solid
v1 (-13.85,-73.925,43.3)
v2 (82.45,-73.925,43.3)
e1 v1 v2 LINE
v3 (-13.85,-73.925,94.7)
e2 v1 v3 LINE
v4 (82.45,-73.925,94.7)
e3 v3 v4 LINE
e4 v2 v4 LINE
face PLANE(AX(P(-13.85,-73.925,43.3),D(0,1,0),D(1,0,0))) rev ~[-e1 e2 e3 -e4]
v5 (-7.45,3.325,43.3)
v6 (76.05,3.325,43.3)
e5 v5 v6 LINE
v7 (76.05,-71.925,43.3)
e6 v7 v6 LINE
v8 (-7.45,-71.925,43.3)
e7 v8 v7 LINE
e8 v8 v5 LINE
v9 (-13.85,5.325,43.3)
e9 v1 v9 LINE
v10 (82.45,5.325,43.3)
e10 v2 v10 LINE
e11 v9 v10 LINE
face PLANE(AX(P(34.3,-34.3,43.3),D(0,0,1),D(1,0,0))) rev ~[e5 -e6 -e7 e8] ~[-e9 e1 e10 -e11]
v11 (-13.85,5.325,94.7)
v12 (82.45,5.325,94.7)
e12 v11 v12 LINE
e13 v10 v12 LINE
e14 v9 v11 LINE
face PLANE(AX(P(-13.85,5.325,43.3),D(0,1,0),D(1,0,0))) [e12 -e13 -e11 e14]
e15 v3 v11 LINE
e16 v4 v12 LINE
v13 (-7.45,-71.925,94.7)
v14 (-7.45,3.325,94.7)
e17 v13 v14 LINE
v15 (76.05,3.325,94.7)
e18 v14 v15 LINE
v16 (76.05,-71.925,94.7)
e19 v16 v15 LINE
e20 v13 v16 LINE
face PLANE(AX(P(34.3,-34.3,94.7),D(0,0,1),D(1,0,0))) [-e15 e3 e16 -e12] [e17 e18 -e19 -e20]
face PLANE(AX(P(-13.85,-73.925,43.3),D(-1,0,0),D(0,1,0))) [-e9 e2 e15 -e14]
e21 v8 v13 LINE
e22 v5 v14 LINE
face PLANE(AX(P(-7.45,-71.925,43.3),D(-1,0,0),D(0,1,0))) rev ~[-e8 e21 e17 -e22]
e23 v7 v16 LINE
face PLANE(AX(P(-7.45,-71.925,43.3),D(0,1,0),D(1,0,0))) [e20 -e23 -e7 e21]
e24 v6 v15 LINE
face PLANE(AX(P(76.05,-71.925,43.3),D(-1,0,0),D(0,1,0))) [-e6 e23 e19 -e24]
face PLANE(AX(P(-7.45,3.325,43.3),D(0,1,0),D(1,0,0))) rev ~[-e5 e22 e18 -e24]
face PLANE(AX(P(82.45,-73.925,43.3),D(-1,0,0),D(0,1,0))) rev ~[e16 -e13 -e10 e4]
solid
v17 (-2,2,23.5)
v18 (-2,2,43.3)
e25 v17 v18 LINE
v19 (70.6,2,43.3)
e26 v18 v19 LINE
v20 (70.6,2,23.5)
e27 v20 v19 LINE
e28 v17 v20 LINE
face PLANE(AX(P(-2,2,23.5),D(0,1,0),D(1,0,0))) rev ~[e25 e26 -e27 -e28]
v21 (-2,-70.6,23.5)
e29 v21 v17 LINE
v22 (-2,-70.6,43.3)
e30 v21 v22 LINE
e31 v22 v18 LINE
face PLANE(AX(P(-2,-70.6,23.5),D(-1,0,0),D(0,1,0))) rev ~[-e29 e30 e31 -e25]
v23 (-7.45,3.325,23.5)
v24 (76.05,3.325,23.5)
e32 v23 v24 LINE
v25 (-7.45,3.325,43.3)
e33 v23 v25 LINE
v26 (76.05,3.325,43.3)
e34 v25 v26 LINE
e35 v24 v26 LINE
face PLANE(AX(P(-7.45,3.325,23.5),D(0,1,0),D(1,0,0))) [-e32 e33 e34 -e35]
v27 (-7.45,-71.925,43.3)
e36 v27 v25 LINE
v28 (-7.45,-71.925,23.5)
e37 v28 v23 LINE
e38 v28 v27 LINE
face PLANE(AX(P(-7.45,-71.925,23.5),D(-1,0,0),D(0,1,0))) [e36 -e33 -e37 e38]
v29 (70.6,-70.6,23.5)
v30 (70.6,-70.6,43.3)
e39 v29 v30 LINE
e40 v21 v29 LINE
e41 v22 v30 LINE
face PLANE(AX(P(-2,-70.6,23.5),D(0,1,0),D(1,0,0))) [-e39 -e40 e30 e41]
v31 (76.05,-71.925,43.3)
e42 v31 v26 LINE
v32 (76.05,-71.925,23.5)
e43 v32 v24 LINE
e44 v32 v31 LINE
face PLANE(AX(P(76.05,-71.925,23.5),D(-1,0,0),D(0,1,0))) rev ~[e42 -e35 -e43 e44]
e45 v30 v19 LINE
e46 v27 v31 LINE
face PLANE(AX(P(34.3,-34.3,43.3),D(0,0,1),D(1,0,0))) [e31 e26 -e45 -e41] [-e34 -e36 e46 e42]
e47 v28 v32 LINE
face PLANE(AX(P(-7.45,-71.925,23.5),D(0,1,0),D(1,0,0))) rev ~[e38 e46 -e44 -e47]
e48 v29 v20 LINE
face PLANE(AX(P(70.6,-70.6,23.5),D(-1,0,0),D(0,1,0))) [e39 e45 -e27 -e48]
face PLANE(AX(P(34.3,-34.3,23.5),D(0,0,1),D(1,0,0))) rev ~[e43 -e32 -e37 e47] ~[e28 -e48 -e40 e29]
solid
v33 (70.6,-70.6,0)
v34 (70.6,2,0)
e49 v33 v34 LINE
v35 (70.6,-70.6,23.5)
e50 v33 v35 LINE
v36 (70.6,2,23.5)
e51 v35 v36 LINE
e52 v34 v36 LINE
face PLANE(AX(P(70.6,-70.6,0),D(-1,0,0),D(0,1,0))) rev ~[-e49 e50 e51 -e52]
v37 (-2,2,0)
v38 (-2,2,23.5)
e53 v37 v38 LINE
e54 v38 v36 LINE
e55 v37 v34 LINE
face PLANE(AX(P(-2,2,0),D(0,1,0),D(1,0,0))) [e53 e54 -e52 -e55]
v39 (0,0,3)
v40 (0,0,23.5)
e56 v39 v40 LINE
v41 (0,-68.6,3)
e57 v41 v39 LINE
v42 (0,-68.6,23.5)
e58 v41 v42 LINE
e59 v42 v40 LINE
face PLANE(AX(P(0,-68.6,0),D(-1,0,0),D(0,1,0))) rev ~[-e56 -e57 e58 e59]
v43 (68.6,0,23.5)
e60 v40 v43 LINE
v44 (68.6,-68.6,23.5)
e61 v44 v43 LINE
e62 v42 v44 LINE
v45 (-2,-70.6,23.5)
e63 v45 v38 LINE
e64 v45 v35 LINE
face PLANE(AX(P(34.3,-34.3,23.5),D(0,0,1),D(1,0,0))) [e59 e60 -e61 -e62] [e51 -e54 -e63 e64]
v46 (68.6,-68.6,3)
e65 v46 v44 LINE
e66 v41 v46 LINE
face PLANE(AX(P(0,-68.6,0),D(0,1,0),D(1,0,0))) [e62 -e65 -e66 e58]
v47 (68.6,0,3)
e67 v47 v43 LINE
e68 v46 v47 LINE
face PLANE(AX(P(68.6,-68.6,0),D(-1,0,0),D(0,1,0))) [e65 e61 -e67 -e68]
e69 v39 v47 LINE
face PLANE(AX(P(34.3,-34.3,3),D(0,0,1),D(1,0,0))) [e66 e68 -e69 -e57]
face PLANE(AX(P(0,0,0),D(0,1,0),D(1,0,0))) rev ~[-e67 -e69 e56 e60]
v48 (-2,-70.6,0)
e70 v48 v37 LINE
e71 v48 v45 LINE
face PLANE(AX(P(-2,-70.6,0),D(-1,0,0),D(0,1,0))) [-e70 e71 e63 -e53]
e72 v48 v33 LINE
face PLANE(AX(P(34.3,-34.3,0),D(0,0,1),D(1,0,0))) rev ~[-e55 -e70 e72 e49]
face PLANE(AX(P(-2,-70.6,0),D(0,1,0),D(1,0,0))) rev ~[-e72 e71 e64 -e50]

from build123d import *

# Parameters (mm, degrees)
F0_W     = 68.6
F0_H     = 68.6
F1_DEPTH = 3
F0_W_2   = 72.6
F0_H_2   = 72.6
F2_DEPTH = 23.5
F3_W     = 83.5
F3_H     = 75.25
F3_W_2   = 72.6
F3_H_2   = 72.6
F4_DEPTH = 19.8
F5_W     = 96.3
F5_H     = 79.25
F5_W_2   = 83.5
F5_H_2   = 75.25
F6_DEPTH = 51.4


with BuildPart() as f1:
    # F0 (on Top) → F1 (new body)
    with BuildSketch(Plane.XY):
        with Locations((34.3, -34.3)):
            Rectangle(F0_W, F0_H)
    extrude(amount=F1_DEPTH)

    # F0 (on Top) → F2 (join)
    with BuildSketch(Plane.XY):
        with Locations((34.3, -34.3)):
            Rectangle(F0_W_2, F0_H_2)
        with Locations((34.3, -34.3)):
            Rectangle(F0_W, F0_H, mode=Mode.SUBTRACT)
    extrude(amount=F2_DEPTH)


with BuildPart() as f4:
    # F3 (on face) → F4 (new body)
    with BuildSketch(Plane.XY.offset(23.5)):
        with Locations((34.3, -34.3)):
            Rectangle(F3_W, F3_H)
        with Locations((34.3, -34.3)):
            Rectangle(F3_W_2, F3_H_2, mode=Mode.SUBTRACT)
    extrude(amount=F4_DEPTH)


with BuildPart() as f6:
    # F5 (on face) → F6 (new body)
    with BuildSketch(Plane.XY.offset(43.3)):
        with Locations((34.3, -34.3)):
            Rectangle(F5_W, F5_H)
        with Locations((34.3, -34.3)):
            Rectangle(F5_W_2, F5_H_2, mode=Mode.SUBTRACT)
    extrude(amount=F6_DEPTH)


solid = Compound([f1.part, f4.part, f6.part])
